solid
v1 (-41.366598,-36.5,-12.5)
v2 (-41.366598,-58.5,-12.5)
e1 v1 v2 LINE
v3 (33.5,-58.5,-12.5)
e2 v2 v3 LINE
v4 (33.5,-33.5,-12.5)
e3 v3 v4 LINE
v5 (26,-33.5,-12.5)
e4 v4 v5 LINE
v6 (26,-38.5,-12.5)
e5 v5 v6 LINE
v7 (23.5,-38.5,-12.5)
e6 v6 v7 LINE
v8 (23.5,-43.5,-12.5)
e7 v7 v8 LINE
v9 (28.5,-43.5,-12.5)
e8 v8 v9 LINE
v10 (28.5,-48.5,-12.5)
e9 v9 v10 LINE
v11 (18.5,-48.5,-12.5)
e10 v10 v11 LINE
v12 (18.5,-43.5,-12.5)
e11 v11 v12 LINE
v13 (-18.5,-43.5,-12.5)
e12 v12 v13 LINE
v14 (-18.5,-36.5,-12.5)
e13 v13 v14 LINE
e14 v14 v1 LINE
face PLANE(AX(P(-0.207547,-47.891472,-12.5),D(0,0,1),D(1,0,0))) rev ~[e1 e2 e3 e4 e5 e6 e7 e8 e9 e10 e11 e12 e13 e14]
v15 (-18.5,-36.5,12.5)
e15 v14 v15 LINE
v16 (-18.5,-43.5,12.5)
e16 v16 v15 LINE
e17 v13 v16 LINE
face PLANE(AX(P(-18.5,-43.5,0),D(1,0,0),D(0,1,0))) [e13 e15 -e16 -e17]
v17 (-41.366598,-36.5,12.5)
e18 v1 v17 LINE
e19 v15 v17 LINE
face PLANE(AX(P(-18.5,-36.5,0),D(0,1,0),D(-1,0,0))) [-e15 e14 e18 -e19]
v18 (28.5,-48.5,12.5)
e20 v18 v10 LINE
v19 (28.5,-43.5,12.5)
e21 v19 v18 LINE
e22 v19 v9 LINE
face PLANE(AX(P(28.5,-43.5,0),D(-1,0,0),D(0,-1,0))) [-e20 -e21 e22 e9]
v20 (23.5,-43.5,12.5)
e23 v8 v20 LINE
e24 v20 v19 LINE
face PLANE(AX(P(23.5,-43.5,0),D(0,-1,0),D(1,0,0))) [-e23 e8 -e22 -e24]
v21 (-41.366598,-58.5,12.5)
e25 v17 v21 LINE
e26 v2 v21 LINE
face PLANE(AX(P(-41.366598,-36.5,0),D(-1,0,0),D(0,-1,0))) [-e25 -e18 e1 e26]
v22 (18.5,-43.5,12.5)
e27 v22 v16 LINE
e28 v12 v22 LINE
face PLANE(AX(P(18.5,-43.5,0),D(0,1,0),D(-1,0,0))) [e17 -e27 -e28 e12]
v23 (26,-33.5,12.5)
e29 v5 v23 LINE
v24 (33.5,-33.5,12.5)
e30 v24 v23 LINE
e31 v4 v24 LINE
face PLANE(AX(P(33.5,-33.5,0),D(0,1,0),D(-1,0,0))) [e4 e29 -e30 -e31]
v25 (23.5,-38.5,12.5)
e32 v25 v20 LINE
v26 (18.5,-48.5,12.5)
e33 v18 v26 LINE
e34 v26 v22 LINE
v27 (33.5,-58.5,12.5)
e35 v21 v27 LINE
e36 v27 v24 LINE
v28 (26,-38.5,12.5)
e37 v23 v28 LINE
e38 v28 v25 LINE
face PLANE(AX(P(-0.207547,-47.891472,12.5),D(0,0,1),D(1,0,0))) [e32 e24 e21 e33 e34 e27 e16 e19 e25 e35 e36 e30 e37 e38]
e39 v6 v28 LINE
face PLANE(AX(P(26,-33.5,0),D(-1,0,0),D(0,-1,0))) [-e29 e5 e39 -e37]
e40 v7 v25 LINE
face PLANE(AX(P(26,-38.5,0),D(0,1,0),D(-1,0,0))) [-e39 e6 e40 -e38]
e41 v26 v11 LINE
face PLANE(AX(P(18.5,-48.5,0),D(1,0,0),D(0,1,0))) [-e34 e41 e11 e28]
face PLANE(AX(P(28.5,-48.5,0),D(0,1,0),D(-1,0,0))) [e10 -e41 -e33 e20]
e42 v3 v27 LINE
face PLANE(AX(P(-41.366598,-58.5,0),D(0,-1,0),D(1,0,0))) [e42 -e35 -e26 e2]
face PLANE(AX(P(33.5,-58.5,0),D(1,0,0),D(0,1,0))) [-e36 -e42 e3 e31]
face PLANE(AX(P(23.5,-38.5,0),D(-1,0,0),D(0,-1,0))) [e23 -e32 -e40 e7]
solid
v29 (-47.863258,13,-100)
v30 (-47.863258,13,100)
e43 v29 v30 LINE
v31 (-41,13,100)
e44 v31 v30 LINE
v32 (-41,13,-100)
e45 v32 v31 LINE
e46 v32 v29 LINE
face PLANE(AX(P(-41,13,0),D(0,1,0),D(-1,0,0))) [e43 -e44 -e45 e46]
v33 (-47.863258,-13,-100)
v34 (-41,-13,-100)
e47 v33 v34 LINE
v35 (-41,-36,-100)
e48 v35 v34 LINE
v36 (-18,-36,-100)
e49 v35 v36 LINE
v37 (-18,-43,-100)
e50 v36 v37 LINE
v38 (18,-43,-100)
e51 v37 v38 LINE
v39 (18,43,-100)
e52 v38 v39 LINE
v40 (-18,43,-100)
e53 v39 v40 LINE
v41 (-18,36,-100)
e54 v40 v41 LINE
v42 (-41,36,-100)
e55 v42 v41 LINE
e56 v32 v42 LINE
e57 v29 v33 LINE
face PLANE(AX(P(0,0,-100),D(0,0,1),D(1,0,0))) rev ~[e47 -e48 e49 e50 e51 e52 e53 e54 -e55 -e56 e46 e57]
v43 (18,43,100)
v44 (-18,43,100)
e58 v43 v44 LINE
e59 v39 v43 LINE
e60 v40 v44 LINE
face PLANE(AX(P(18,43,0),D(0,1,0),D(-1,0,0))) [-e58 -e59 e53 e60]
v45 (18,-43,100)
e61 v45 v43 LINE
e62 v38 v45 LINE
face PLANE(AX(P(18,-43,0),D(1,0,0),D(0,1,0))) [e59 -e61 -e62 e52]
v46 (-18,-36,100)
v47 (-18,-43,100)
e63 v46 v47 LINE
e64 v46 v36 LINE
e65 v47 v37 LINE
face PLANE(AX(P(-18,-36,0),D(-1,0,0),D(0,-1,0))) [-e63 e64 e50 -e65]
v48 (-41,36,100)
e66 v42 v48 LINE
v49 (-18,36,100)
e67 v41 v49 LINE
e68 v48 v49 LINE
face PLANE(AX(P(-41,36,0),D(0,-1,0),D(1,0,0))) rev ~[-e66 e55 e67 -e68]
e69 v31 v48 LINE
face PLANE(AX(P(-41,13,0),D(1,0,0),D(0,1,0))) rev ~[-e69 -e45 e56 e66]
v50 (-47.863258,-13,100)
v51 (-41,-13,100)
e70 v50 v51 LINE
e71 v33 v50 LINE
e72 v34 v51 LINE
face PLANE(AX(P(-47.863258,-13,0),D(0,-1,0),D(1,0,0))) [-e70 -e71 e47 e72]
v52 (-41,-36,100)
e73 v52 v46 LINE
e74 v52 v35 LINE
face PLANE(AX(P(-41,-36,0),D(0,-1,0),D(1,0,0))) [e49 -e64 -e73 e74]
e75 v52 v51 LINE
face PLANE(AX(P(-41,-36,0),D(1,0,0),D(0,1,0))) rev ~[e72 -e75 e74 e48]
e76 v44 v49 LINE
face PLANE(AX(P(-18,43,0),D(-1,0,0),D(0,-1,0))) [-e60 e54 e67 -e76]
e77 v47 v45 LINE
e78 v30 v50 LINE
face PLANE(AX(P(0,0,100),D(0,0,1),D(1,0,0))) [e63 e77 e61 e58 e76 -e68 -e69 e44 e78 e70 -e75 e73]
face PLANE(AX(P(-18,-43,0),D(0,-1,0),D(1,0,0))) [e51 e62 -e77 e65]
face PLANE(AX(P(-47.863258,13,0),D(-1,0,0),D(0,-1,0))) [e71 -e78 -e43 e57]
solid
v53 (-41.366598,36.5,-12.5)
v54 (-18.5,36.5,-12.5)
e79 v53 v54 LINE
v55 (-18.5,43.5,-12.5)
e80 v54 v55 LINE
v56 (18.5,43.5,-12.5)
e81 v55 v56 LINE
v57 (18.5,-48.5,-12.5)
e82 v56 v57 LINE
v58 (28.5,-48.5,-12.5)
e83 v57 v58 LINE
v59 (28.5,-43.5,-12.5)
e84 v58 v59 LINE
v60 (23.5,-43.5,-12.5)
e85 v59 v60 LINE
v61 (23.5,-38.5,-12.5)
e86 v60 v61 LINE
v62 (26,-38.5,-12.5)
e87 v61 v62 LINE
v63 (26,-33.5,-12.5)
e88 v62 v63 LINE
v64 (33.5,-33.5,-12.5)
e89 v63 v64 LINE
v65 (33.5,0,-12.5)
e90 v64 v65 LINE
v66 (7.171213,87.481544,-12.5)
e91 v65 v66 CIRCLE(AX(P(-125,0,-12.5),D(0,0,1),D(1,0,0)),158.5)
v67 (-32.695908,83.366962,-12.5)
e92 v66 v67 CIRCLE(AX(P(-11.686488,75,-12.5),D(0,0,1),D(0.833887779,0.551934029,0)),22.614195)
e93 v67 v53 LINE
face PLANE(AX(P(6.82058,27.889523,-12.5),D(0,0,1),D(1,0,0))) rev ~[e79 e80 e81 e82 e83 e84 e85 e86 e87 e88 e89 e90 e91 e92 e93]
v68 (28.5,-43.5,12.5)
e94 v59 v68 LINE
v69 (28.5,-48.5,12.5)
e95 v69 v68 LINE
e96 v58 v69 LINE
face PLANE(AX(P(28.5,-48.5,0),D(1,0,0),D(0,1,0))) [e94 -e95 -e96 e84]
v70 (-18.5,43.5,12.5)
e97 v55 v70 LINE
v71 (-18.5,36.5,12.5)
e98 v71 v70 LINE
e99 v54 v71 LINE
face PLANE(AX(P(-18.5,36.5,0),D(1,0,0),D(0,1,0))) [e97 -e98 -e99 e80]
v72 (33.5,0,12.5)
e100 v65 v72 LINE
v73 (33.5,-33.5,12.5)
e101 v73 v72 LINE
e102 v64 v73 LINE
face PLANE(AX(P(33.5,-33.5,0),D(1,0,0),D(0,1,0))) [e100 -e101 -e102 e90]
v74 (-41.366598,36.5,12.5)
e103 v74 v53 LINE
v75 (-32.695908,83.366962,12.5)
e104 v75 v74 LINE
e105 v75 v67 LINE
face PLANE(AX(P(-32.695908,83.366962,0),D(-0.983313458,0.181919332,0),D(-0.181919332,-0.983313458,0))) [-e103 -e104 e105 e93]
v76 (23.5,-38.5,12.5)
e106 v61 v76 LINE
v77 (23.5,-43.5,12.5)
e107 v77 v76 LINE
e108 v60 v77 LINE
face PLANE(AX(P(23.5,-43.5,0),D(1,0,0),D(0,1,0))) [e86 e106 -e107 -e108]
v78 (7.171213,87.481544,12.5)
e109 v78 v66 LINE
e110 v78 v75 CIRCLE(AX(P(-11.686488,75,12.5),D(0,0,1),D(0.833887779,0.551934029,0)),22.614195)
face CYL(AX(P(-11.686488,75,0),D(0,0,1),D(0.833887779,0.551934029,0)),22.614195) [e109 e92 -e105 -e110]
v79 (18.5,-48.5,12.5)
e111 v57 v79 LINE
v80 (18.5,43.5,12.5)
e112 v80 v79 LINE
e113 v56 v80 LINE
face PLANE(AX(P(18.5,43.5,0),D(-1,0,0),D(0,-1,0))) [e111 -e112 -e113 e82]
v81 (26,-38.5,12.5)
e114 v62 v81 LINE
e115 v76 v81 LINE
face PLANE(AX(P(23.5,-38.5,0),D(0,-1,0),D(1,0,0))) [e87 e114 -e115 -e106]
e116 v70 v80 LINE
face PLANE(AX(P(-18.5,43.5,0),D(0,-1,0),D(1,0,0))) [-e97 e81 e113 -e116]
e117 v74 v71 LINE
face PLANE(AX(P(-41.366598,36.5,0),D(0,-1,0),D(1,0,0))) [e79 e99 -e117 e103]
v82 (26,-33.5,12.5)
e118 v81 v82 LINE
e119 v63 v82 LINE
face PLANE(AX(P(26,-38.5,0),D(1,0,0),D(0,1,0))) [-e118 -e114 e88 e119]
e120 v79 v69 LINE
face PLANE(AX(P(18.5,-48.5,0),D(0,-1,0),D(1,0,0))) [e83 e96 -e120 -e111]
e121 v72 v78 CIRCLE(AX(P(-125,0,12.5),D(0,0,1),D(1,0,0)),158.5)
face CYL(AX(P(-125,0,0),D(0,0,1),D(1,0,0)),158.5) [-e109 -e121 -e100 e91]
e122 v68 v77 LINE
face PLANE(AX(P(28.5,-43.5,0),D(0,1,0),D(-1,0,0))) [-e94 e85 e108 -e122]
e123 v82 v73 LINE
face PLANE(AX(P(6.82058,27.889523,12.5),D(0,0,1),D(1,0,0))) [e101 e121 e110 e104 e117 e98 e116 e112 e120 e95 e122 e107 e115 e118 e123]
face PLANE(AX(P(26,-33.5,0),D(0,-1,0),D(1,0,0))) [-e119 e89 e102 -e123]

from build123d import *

# Parameters (mm, degrees)
F0_W     = 23
F0_H     = 23
F1_DEPTH = 100
F3_DEPTH = 12.5
F4_DEPTH = 12.5


with BuildPart() as f1:
    # F0 (on Top) → F1 (new body, symmetric)
    with BuildSketch(Plane.XY):
        Polygon((-18, -43), (18, -43), (18, 43), (-18, 43), (-18, 36), (-18, 13), (-18, -13), (-18, -36), align=None)
        with Locations((-29.5, -24.5)):
            Rectangle(F0_W, F0_H)
        with Locations((-29.5, 24.5)):
            Rectangle(F0_W, F0_H)
        Polygon((-41, -13), (-18, -13), (-18, 13), (-41, 13), (-47.8632581255, 13), (-47.8632581255, -13), align=None)
    extrude(amount=F1_DEPTH, both=True)


with BuildPart() as f3:
    # F2 (on Top) → F3 (new body, symmetric)
    with BuildSketch(Plane.XY):
        Polygon((18.5, -48.5), (18.5, -43.5), (-18.5, -43.5), (-18.5, -36.5), (-41.3665984659, -36.5), (-41.3665984659, -58.5), (33.5, -58.5), (33.5, -33.5), (26, -33.5), (26, -38.5), (23.5, -38.5), (23.5, -43.5), (28.5, -43.5), (28.5, -48.5), align=None)
    extrude(amount=F3_DEPTH, both=True)


with BuildPart() as f4:
    # F2 (on Top) → F4 (new body, symmetric)
    with BuildSketch(Plane.XY):
        with BuildLine():
            Line((-41.3665984659, 36.5), (-18.5, 36.5))
            Line((-18.5, 36.5), (-18.5, 43.5))
            Line((-18.5, 43.5), (18.5, 43.5))
            Line((18.5, 43.5), (18.5, -43.5))
            Line((18.5, -43.5), (18.5, -48.5))
            Line((18.5, -48.5), (28.5, -48.5))
            Line((28.5, -48.5), (28.5, -43.5))
            Line((28.5, -43.5), (23.5, -43.5))
            Line((23.5, -43.5), (23.5, -38.5))
            Line((23.5, -38.5), (26, -38.5))
            Line((26, -38.5), (26, -33.5))
            Line((26, -33.5), (33.5, -33.5))
            Line((33.5, -33.5), (33.5, 0))
            ThreePointArc((33.5, 0), (26.7751416528, 45.6788394805), (7.1712129175, 87.4815436301))
            ThreePointArc((7.1712129175, 87.4815436301), (-14.0081077066, 97.4947079369), (-32.6959081349, 83.3669623033))
            Line((-32.6959081349, 83.3669623033), (-41.3665984659, 36.5))
        make_face()
    extrude(amount=F4_DEPTH, both=True)


solid = Compound([f1.part, f3.part, f4.part])
